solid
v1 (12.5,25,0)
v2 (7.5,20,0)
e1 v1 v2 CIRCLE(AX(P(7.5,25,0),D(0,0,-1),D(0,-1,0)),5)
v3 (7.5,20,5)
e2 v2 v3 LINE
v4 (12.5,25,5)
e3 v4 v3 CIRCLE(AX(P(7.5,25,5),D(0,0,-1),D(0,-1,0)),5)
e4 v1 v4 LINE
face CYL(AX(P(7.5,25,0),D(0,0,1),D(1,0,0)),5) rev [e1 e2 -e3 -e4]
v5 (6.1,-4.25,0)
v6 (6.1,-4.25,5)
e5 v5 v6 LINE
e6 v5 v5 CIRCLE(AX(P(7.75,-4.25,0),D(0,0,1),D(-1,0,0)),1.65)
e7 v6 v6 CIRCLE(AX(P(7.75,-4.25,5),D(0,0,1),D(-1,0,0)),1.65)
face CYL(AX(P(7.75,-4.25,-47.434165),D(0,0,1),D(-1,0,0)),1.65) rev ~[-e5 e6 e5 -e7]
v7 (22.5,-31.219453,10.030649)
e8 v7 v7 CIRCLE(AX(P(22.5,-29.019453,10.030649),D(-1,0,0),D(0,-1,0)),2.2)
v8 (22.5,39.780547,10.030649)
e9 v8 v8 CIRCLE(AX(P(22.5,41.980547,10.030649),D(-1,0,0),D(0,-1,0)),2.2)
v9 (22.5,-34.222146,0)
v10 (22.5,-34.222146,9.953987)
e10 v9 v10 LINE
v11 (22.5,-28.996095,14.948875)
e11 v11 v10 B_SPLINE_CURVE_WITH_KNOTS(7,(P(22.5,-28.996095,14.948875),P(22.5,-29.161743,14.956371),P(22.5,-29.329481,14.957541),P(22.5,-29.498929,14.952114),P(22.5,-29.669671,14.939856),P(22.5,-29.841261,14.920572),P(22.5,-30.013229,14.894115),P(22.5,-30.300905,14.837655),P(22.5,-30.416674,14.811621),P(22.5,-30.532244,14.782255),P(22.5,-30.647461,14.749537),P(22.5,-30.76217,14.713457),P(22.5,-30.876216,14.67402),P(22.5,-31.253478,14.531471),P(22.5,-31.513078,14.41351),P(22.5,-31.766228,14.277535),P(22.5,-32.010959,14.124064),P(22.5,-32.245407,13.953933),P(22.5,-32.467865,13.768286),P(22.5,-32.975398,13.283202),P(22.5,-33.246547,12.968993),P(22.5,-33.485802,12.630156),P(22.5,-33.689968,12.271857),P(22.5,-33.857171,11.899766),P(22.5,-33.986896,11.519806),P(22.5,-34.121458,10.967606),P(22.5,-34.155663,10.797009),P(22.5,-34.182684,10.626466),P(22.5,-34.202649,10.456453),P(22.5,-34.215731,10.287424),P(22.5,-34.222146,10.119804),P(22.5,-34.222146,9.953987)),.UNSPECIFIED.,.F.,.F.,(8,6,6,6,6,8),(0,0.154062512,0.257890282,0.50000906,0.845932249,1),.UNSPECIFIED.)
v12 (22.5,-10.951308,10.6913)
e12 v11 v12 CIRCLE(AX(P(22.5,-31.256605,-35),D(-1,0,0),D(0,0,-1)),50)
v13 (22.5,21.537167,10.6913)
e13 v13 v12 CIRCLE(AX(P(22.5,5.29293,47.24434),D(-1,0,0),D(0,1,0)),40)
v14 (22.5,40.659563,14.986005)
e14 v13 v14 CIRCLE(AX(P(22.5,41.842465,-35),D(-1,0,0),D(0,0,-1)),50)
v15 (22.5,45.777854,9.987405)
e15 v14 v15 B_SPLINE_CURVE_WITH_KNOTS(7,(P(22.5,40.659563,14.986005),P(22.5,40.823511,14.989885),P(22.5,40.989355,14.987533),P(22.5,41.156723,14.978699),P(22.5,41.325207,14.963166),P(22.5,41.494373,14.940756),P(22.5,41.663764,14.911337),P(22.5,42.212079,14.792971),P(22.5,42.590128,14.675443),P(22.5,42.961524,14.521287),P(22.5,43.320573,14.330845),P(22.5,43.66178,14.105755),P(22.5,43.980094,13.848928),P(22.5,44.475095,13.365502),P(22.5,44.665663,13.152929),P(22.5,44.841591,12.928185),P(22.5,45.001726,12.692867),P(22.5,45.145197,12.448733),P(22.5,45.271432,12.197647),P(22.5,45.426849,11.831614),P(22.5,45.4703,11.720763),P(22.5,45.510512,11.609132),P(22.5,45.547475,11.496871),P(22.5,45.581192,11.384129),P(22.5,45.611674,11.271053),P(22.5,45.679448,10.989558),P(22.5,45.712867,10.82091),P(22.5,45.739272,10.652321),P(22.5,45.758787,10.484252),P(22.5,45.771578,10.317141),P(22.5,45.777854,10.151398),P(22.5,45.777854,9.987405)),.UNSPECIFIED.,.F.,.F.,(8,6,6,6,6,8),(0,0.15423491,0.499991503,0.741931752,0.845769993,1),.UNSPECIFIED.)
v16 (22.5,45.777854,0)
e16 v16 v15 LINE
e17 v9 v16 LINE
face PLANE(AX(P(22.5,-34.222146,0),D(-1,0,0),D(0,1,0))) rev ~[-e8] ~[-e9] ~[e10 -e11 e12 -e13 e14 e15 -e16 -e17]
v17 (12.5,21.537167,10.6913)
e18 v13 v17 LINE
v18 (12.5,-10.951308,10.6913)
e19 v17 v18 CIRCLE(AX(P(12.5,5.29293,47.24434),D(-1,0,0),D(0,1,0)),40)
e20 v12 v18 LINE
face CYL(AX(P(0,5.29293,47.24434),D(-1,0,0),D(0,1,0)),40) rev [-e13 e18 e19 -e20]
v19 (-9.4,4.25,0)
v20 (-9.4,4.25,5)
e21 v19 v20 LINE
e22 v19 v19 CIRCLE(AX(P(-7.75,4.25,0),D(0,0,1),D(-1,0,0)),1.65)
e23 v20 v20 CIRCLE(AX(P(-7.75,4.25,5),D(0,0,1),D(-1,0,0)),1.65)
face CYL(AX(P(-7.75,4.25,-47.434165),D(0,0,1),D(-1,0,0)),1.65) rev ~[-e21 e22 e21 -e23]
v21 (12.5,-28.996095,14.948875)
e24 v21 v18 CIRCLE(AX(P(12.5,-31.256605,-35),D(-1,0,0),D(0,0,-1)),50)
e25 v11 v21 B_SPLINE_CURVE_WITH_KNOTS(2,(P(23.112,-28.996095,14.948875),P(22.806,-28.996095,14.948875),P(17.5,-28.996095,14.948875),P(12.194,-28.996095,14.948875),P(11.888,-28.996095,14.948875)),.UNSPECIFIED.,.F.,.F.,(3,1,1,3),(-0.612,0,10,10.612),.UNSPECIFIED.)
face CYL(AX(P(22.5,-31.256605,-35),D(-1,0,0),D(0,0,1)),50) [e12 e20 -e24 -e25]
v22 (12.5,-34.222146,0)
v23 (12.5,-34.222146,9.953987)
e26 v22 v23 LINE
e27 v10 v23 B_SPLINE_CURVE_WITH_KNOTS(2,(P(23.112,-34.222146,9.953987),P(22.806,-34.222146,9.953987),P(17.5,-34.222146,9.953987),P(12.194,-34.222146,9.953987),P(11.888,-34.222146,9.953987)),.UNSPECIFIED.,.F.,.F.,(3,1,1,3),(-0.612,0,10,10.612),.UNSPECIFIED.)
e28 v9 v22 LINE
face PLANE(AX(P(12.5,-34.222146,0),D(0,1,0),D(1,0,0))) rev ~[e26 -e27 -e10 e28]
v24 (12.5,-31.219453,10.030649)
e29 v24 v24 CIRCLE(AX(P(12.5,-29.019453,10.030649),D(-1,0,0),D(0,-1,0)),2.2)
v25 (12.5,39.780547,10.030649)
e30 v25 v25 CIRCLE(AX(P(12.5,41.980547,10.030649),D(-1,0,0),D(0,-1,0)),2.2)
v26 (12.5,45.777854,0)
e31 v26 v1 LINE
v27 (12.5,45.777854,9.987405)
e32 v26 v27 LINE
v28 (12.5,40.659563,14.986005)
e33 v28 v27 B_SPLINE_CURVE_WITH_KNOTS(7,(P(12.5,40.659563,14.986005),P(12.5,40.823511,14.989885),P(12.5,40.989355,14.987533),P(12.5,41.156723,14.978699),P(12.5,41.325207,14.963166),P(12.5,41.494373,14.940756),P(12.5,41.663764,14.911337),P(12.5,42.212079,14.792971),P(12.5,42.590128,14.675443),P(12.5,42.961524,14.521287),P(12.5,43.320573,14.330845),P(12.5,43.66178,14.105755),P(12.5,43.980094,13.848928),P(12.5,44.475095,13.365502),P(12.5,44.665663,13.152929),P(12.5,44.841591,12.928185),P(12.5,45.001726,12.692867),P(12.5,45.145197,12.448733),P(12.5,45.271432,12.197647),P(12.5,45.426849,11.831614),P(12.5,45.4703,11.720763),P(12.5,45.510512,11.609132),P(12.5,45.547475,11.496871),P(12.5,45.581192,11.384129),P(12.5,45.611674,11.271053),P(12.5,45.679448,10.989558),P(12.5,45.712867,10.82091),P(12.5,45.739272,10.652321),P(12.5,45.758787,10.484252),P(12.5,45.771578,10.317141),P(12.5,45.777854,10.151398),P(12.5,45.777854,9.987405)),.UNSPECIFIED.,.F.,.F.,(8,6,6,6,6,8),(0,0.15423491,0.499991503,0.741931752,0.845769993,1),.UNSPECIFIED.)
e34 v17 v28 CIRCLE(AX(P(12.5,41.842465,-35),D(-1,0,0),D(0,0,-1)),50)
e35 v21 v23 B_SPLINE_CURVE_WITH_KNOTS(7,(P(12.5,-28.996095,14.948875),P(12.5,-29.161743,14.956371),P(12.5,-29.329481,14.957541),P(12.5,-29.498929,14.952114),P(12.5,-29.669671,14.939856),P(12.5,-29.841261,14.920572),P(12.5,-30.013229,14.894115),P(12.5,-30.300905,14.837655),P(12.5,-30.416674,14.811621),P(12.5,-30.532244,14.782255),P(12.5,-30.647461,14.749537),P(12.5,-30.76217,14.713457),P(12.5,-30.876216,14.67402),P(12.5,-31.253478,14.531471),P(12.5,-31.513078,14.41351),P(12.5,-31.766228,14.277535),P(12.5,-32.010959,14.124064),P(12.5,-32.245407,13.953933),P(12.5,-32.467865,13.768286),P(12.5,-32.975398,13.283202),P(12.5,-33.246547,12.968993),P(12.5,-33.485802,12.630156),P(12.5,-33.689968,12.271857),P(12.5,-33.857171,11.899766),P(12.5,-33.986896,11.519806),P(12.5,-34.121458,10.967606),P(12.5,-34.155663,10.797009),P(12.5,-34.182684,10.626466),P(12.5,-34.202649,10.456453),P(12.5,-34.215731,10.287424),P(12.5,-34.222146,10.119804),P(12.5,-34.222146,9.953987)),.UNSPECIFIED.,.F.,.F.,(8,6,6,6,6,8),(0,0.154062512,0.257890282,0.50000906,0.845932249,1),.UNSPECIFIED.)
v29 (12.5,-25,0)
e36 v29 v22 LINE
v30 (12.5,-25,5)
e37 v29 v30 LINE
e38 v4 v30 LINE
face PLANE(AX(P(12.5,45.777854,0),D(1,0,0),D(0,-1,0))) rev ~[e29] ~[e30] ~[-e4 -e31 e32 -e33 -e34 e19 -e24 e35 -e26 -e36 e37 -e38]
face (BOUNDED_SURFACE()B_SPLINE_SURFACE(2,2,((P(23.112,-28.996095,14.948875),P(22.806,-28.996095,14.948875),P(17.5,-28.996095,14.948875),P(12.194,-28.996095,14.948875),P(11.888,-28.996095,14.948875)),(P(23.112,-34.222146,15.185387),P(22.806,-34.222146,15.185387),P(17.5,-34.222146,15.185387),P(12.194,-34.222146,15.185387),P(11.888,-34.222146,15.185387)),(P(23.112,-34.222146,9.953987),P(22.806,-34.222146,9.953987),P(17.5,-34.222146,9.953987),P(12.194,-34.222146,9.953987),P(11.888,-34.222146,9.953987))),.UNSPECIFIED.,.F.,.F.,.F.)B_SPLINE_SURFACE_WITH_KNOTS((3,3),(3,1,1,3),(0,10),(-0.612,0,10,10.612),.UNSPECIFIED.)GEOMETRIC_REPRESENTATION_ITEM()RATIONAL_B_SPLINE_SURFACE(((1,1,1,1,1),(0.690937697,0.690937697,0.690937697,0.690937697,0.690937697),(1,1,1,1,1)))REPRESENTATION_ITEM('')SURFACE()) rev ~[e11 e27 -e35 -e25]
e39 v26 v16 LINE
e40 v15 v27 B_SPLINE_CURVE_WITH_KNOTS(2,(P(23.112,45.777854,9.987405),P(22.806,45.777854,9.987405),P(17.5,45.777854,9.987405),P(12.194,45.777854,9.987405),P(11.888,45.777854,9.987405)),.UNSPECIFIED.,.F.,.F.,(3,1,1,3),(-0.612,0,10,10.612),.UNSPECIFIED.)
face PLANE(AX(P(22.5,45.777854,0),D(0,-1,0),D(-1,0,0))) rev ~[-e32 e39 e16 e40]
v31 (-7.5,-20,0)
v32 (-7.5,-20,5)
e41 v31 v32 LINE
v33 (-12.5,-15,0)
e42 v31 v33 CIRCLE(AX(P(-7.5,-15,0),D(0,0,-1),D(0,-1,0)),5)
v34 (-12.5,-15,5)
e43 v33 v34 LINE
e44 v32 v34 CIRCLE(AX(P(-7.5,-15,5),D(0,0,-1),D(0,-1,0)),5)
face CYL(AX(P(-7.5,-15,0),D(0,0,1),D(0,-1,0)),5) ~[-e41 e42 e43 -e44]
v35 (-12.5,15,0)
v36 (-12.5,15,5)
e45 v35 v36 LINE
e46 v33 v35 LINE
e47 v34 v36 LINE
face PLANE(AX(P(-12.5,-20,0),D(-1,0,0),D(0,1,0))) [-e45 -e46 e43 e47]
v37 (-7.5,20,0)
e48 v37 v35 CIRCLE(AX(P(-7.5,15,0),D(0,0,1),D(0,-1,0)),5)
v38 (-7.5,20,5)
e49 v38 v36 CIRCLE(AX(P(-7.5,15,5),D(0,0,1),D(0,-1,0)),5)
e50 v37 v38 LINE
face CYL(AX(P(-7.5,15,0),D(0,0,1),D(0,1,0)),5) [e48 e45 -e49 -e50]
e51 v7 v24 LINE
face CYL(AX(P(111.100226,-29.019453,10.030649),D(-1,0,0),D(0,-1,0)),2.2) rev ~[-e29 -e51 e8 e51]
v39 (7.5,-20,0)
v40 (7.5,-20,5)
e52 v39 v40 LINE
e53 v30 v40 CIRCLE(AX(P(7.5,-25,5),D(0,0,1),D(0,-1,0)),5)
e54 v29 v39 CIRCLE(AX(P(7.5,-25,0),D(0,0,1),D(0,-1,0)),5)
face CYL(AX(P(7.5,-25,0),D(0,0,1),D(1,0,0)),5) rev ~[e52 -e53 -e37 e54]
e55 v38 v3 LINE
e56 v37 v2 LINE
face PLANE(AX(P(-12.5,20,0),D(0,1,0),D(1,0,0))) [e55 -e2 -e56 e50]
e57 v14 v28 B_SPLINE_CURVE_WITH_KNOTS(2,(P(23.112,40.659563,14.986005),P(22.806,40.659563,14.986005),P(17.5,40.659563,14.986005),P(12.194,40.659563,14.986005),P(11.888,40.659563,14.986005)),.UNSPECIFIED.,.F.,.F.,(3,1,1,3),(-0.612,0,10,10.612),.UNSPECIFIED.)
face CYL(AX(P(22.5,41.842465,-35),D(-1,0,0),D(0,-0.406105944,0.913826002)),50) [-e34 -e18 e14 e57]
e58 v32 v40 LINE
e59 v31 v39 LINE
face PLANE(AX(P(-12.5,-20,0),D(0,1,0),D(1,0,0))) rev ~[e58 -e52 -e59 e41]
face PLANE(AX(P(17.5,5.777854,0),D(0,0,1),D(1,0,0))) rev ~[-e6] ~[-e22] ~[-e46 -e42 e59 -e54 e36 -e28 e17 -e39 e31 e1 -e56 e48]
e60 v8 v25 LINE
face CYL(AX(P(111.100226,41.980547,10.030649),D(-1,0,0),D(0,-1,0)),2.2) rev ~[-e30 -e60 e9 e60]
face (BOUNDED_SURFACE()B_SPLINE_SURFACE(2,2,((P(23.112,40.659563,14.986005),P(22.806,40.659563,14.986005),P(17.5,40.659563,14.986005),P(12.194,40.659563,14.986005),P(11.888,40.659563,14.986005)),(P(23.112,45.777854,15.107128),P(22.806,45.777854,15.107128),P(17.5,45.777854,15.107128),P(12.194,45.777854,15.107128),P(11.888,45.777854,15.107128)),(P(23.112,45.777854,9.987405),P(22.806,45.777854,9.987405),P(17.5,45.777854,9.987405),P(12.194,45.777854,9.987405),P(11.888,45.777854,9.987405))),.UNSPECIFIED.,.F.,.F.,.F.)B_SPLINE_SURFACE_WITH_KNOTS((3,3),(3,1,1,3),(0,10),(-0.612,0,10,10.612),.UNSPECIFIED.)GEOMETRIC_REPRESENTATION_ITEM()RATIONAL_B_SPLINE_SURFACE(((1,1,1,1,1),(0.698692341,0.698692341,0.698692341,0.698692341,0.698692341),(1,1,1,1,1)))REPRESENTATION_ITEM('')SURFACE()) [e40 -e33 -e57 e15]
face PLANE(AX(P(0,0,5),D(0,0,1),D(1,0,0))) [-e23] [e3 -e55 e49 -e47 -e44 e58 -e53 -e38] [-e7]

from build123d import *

# Parameters (mm, degrees)
F0_W     = 25
F0_H     = 40
F1_DEPTH = 5
F2_D     = 3.3
F3_DEPTH = 15
F5_DEPTH = 100
F6_R     = 40
F7_DEPTH = 25
F8_R     = 5
F9_R     = 50
F11_D    = 4.4
F12_R    = 5


with BuildPart() as f1:
    # F0 (on Top) → F1 (new body)
    with BuildSketch(Plane.XY):
        Rectangle(F0_W, F0_H)
    extrude(amount=F1_DEPTH)

    # F2 (through all)
    with Locations(Plane(origin=(0, 0, 0), x_dir=(1, 0, 0), z_dir=(0, 0, -1))):
        with Locations((-7.75, -4.25), (7.75, 4.25)):
            Hole(F2_D / 2)

    # F0 (on Top) → F3 (join)
    with BuildSketch(Plane.XY):
        Polygon((12.5, 45.7778535783), (12.5, 20), (12.5, -20), (12.5, -34.2221464217), (22.5, -34.2221464217), (22.5, 45.7778535783), align=None)
    extrude(amount=F3_DEPTH)

    # F4 (on face) → F5 (cut)
    with BuildSketch(Plane.XZ.offset(34.2221464217)):
        Polygon((24.4068726897, 16.530605033), (15.8845428377, 16.530605033), (15.8845428377, 15), (22.5, 15), (22.5, 0), (15.8845428377, 0), (15.8845428377, -1.5078758588), (24.4068726897, -1.5078758588), align=None)
    extrude(amount=-F5_DEPTH, mode=Mode.SUBTRACT)

    # F6 (on Right) → F7 (cut)
    with BuildSketch(Plane.YZ):
        with Locations((5.292929709, 47.2443401814)):
            Circle(F6_R)
    extrude(amount=F7_DEPTH, mode=Mode.SUBTRACT)

    # F8
    f8_edges = [f1.edges().sort_by_distance(p)[0] for p in [
        (12.5, -20, 2.5),
        (12.5, 20, 2.5),
        (-12.5, 20, 2.5),
        (-12.5, -20, 2.5),
    ]]
    fillet(f8_edges, radius=F8_R)

    # F9
    f9_edges = [f1.edges().sort_by_distance(p)[0] for p in [
        (17.5, -18.377781, 15),
        (17.5, 28.96364, 15),
    ]]
    fillet(f9_edges, radius=F9_R)

    # F11 (through all)
    with Locations(Plane.YZ.offset(22.5)):
        with Locations((-29.0194526315, 10.0306486711), (41.9805473685, 10.0306486711)):
            Hole(F11_D / 2)

    # F12
    f12_edges = [f1.edges().sort_by_distance(p)[0] for p in [
        (17.5, -34.222146, 15),
        (17.5, 45.777854, 15),
    ]]
    fillet(f12_edges, radius=F12_R)


solid = f1.part
